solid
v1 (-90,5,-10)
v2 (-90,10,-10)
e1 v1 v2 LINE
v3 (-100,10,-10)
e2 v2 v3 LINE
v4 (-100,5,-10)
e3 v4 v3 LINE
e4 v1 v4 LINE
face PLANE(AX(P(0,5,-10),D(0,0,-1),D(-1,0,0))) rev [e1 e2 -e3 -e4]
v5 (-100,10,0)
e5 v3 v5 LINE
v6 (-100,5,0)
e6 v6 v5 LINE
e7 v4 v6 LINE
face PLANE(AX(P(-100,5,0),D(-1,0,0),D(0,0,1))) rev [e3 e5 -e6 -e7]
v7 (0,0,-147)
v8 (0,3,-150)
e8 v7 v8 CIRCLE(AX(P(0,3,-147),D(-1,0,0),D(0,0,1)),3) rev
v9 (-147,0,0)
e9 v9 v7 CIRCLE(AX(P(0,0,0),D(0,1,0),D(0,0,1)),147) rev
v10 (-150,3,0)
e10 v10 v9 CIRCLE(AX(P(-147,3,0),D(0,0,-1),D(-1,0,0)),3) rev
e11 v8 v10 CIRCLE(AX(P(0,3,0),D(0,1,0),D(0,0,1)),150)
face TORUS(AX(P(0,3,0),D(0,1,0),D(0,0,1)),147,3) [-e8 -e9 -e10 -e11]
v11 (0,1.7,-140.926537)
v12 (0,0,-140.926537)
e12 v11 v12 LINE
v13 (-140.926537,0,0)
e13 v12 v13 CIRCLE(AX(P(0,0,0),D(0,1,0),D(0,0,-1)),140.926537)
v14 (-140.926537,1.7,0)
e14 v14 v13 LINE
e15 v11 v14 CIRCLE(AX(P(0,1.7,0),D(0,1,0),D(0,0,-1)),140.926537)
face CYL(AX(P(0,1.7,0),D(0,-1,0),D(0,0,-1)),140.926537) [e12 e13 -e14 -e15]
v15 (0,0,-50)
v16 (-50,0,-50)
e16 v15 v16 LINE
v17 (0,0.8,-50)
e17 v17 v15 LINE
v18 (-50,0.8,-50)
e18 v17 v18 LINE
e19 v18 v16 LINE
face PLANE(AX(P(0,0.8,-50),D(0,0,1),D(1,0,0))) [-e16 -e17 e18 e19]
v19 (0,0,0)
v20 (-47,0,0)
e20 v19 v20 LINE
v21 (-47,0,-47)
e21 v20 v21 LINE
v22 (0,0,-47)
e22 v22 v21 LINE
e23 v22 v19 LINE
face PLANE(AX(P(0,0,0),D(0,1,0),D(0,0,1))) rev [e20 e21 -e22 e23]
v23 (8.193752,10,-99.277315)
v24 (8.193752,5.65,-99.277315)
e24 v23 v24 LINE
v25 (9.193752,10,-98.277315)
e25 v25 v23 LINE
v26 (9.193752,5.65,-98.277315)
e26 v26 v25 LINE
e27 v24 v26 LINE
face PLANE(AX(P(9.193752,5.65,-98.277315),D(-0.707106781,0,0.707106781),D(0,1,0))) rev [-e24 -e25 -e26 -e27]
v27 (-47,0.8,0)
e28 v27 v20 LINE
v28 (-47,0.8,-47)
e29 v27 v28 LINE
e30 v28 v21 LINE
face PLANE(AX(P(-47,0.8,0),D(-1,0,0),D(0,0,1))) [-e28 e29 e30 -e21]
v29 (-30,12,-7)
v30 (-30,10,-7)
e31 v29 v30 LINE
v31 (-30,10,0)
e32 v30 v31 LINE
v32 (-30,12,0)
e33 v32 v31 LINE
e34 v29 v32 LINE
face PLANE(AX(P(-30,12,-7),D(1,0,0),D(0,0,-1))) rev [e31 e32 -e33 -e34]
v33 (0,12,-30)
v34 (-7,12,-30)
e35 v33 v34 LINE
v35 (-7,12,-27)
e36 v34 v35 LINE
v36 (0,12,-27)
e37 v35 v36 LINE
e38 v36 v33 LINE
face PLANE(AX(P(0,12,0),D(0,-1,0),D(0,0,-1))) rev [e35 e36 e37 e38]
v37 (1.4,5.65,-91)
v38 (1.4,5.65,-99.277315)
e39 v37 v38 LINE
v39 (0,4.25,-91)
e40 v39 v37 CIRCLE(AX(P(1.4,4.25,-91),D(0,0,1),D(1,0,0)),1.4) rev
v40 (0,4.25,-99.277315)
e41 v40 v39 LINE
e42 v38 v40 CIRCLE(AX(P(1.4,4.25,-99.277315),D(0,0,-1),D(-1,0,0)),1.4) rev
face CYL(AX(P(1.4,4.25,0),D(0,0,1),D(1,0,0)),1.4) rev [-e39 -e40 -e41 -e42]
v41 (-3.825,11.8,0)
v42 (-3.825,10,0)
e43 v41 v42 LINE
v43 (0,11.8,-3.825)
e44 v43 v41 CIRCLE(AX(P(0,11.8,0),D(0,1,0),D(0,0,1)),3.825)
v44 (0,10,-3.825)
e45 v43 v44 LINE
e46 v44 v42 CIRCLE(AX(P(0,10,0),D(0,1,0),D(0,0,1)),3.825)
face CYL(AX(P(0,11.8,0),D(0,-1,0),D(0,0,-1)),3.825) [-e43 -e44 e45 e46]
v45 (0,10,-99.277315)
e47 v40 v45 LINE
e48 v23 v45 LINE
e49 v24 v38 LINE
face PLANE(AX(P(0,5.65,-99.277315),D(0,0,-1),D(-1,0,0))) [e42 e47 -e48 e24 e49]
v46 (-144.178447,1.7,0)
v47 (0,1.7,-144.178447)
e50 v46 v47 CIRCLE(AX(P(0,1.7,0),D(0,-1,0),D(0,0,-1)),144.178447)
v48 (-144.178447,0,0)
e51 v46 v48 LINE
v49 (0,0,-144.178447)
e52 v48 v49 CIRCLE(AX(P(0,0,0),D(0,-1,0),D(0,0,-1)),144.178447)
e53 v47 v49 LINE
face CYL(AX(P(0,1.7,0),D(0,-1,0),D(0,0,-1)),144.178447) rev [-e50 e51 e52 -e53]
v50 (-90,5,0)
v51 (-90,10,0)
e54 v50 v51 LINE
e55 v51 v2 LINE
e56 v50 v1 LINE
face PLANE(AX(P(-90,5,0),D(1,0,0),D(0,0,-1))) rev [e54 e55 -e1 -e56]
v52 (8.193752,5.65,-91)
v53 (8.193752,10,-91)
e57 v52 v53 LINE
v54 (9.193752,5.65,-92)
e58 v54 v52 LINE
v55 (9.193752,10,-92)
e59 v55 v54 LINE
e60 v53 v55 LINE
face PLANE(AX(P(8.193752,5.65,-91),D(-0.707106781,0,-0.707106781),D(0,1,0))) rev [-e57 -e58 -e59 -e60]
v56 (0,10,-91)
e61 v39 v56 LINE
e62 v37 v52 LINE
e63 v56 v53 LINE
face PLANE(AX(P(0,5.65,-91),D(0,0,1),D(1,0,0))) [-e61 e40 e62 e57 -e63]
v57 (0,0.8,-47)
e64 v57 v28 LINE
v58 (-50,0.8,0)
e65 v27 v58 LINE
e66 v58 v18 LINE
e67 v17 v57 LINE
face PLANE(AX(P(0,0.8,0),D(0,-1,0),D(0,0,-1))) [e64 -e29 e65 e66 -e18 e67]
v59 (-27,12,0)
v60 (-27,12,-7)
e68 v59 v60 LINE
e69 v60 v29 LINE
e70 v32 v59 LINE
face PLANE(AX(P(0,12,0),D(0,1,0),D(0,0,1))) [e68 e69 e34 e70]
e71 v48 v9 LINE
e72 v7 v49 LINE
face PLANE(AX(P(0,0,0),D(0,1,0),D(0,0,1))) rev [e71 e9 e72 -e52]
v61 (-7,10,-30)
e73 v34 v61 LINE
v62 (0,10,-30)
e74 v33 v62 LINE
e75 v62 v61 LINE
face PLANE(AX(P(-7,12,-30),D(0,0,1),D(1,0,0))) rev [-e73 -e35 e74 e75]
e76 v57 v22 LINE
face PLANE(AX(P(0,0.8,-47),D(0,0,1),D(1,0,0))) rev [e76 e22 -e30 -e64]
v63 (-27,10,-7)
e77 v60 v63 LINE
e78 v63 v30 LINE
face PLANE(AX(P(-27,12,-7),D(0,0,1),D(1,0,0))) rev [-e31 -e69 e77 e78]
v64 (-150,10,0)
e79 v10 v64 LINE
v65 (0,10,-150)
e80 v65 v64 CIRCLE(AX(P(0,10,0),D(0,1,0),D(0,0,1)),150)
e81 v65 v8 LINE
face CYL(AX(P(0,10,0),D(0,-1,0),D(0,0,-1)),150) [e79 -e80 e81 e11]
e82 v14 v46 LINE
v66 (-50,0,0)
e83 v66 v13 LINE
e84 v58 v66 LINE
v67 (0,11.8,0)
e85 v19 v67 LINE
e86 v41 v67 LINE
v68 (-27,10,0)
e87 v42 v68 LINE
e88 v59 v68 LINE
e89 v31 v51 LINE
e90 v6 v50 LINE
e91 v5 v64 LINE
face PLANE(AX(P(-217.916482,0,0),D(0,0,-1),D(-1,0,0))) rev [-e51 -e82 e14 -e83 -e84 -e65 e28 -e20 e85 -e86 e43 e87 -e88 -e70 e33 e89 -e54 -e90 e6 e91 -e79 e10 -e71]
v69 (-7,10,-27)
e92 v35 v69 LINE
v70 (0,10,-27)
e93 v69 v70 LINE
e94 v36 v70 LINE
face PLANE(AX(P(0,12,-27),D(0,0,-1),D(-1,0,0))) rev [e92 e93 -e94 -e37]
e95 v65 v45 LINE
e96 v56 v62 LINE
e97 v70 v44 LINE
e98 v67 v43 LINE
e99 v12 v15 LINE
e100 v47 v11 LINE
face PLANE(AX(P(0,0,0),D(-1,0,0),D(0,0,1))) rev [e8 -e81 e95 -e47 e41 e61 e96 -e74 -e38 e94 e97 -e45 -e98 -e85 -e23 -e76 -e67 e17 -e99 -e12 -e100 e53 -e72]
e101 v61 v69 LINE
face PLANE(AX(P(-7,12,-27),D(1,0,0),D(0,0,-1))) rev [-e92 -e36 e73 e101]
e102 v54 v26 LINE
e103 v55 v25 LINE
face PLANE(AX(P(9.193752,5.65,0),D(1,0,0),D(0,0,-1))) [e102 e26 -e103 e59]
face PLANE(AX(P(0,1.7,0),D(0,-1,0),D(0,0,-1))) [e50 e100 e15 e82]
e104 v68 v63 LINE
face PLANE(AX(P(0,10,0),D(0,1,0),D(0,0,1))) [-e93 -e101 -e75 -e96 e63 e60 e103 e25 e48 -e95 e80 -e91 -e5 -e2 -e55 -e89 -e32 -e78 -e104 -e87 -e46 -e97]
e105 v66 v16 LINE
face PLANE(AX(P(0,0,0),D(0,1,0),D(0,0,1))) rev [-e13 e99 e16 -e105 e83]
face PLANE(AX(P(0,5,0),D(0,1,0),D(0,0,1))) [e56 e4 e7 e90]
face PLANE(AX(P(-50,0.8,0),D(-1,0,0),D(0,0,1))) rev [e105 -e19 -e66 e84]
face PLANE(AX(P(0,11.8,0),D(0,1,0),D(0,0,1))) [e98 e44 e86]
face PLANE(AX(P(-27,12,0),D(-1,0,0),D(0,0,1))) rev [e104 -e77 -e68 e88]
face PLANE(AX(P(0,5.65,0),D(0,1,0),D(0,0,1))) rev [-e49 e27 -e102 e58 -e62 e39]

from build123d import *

# Parameters (mm, degrees)
SKETCH1_R           = 150
BOSS_EXTRUDE3_DEPTH = 10
CUT_EXTRUDE2_DEPTH  = 10
BOSS_EXTRUDE4_DEPTH = 1.8
SKETCH6_W           = 3
SKETCH6_H           = 7
BOSS_EXTRUDE5_DEPTH = 2
SKETCH7_W           = 7
SKETCH7_H           = 3
BOSS_EXTRUDE6_DEPTH = 2
SKETCH8_W           = 10
SKETCH8_H           = 10
CUT_EXTRUDE3_DEPTH  = 5
SKETCH9_W           = 9.193751657
SKETCH9_H           = 8.277315045
BOSS_EXTRUDE7_DEPTH = 4.35
CHAMFER1_SIZE       = 1
CUT_EXTRUDE4_DEPTH  = 1.7
CUT_EXTRUDE5_DEPTH  = 0.8
FILLET1_R           = 3
FILLET2_R           = 1.4


with BuildPart() as part:
    # Sketch1 → Boss-Extrude3 (new body)
    with BuildSketch(Plane(origin=(0, 0, 0), x_dir=(1, 0, 0), z_dir=(0, 1, 0))):
        with Locations(Location((0, 0, 0), (0, 0, 270))):
            Circle(SKETCH1_R)
    extrude(amount=BOSS_EXTRUDE3_DEPTH)

    # Sketch4 → Cut-Extrude2 (cut)
    with BuildSketch(Plane(origin=(0, 10, 0), x_dir=(1, 0, 0), z_dir=(0, 1, 0))):
        Polygon((0, 0), (0, 162.329653064), (183.678217859, 162.329653064), (183.678217859, -176.427761891), (-217.916482153, -176.427761891), (-217.916482153, 0), align=None)
    extrude(amount=-CUT_EXTRUDE2_DEPTH, mode=Mode.SUBTRACT)

    # Sketch5 → Boss-Extrude4 (add)
    with BuildSketch(Plane(origin=(0, 10, 0), x_dir=(1, 0, 0), z_dir=(0, 1, 0))):
        with BuildLine():
            Line((0, 3.825), (0, 0))
            Line((0, 0), (-3.825, 0))
            ThreePointArc((-3.825, 0), (-2.704683438, 2.704683438), (0, 3.825))
        make_face()
    extrude(amount=BOSS_EXTRUDE4_DEPTH)

    # Sketch6 → Boss-Extrude5 (add)
    with BuildSketch(Plane(origin=(0, 10, 0), x_dir=(1, 0, 0), z_dir=(0, 1, 0))):
        with Locations((-28.5, 3.5)):
            Rectangle(SKETCH6_W, SKETCH6_H)
    extrude(amount=BOSS_EXTRUDE5_DEPTH)

    # Sketch7 → Boss-Extrude6 (add)
    with BuildSketch(Plane(origin=(0, 10, 0), x_dir=(1, 0, 0), z_dir=(0, 1, 0))):
        with Locations((-3.5, 28.5)):
            Rectangle(SKETCH7_W, SKETCH7_H)
    extrude(amount=BOSS_EXTRUDE6_DEPTH)

    # Sketch8 → Cut-Extrude3 (cut)
    with BuildSketch(Plane(origin=(0, 10, 0), x_dir=(1, 0, 0), z_dir=(0, 1, 0))):
        with Locations((-95, 5)):
            Rectangle(SKETCH8_W, SKETCH8_H)
    extrude(amount=-CUT_EXTRUDE3_DEPTH, mode=Mode.SUBTRACT)

    # Sketch9 → Boss-Extrude7 (add)
    with BuildSketch(Plane(origin=(0, 10, 0), x_dir=(1, 0, 0), z_dir=(0, 1, 0))):
        with Locations((4.596875828, 95.138657523)):
            Rectangle(SKETCH9_W, SKETCH9_H)
    extrude(amount=-BOSS_EXTRUDE7_DEPTH)

    # Chamfer1
    chamfer1_edges = [part.edges().sort_by_distance(p)[0] for p in [
        (9.193751657, 7.825, -99.277315045),
        (9.193751657, 7.825, -91),
    ]]
    chamfer(chamfer1_edges, length=CHAMFER1_SIZE)

    # Sketch10 → Cut-Extrude4 (cut)
    with BuildSketch(Plane.XZ):
        with BuildLine():
            Line((-140.926536809, 0), (-144.178447036, 0))
            ThreePointArc((-144.178447036, 0), (-101.9495576, -101.9495576), (0, -144.178447036))
            Line((0, -144.178447036), (0, -140.926536809))
            ThreePointArc((0, -140.926536809), (-99.650109827, -99.650109827), (-140.926536809, 0))
        make_face()
    extrude(amount=-CUT_EXTRUDE4_DEPTH, mode=Mode.SUBTRACT)

    # Sketch11 → Cut-Extrude5 (cut)
    with BuildSketch(Plane(origin=(0, 0, 0), x_dir=(-1, 0, 0), z_dir=(0, -1, 0))):
        Polygon((47, 0), (50, 0), (50, 50), (0, 50), (0, 47), (47, 47), align=None)
    extrude(amount=-CUT_EXTRUDE5_DEPTH, mode=Mode.SUBTRACT)

    # Fillet1
    fillet1_edges = [part.edges().sort_by_distance(p)[0] for p in [
        (-106.066017178, 0, -106.066017178),
    ]]
    fillet(fillet1_edges, radius=FILLET1_R)

    # Fillet2
    fillet2_edges = [part.edges().sort_by_distance(p)[0] for p in [
        (0, 5.65, -95.138657523),
    ]]
    fillet(fillet2_edges, radius=FILLET2_R)


solid = part.part
